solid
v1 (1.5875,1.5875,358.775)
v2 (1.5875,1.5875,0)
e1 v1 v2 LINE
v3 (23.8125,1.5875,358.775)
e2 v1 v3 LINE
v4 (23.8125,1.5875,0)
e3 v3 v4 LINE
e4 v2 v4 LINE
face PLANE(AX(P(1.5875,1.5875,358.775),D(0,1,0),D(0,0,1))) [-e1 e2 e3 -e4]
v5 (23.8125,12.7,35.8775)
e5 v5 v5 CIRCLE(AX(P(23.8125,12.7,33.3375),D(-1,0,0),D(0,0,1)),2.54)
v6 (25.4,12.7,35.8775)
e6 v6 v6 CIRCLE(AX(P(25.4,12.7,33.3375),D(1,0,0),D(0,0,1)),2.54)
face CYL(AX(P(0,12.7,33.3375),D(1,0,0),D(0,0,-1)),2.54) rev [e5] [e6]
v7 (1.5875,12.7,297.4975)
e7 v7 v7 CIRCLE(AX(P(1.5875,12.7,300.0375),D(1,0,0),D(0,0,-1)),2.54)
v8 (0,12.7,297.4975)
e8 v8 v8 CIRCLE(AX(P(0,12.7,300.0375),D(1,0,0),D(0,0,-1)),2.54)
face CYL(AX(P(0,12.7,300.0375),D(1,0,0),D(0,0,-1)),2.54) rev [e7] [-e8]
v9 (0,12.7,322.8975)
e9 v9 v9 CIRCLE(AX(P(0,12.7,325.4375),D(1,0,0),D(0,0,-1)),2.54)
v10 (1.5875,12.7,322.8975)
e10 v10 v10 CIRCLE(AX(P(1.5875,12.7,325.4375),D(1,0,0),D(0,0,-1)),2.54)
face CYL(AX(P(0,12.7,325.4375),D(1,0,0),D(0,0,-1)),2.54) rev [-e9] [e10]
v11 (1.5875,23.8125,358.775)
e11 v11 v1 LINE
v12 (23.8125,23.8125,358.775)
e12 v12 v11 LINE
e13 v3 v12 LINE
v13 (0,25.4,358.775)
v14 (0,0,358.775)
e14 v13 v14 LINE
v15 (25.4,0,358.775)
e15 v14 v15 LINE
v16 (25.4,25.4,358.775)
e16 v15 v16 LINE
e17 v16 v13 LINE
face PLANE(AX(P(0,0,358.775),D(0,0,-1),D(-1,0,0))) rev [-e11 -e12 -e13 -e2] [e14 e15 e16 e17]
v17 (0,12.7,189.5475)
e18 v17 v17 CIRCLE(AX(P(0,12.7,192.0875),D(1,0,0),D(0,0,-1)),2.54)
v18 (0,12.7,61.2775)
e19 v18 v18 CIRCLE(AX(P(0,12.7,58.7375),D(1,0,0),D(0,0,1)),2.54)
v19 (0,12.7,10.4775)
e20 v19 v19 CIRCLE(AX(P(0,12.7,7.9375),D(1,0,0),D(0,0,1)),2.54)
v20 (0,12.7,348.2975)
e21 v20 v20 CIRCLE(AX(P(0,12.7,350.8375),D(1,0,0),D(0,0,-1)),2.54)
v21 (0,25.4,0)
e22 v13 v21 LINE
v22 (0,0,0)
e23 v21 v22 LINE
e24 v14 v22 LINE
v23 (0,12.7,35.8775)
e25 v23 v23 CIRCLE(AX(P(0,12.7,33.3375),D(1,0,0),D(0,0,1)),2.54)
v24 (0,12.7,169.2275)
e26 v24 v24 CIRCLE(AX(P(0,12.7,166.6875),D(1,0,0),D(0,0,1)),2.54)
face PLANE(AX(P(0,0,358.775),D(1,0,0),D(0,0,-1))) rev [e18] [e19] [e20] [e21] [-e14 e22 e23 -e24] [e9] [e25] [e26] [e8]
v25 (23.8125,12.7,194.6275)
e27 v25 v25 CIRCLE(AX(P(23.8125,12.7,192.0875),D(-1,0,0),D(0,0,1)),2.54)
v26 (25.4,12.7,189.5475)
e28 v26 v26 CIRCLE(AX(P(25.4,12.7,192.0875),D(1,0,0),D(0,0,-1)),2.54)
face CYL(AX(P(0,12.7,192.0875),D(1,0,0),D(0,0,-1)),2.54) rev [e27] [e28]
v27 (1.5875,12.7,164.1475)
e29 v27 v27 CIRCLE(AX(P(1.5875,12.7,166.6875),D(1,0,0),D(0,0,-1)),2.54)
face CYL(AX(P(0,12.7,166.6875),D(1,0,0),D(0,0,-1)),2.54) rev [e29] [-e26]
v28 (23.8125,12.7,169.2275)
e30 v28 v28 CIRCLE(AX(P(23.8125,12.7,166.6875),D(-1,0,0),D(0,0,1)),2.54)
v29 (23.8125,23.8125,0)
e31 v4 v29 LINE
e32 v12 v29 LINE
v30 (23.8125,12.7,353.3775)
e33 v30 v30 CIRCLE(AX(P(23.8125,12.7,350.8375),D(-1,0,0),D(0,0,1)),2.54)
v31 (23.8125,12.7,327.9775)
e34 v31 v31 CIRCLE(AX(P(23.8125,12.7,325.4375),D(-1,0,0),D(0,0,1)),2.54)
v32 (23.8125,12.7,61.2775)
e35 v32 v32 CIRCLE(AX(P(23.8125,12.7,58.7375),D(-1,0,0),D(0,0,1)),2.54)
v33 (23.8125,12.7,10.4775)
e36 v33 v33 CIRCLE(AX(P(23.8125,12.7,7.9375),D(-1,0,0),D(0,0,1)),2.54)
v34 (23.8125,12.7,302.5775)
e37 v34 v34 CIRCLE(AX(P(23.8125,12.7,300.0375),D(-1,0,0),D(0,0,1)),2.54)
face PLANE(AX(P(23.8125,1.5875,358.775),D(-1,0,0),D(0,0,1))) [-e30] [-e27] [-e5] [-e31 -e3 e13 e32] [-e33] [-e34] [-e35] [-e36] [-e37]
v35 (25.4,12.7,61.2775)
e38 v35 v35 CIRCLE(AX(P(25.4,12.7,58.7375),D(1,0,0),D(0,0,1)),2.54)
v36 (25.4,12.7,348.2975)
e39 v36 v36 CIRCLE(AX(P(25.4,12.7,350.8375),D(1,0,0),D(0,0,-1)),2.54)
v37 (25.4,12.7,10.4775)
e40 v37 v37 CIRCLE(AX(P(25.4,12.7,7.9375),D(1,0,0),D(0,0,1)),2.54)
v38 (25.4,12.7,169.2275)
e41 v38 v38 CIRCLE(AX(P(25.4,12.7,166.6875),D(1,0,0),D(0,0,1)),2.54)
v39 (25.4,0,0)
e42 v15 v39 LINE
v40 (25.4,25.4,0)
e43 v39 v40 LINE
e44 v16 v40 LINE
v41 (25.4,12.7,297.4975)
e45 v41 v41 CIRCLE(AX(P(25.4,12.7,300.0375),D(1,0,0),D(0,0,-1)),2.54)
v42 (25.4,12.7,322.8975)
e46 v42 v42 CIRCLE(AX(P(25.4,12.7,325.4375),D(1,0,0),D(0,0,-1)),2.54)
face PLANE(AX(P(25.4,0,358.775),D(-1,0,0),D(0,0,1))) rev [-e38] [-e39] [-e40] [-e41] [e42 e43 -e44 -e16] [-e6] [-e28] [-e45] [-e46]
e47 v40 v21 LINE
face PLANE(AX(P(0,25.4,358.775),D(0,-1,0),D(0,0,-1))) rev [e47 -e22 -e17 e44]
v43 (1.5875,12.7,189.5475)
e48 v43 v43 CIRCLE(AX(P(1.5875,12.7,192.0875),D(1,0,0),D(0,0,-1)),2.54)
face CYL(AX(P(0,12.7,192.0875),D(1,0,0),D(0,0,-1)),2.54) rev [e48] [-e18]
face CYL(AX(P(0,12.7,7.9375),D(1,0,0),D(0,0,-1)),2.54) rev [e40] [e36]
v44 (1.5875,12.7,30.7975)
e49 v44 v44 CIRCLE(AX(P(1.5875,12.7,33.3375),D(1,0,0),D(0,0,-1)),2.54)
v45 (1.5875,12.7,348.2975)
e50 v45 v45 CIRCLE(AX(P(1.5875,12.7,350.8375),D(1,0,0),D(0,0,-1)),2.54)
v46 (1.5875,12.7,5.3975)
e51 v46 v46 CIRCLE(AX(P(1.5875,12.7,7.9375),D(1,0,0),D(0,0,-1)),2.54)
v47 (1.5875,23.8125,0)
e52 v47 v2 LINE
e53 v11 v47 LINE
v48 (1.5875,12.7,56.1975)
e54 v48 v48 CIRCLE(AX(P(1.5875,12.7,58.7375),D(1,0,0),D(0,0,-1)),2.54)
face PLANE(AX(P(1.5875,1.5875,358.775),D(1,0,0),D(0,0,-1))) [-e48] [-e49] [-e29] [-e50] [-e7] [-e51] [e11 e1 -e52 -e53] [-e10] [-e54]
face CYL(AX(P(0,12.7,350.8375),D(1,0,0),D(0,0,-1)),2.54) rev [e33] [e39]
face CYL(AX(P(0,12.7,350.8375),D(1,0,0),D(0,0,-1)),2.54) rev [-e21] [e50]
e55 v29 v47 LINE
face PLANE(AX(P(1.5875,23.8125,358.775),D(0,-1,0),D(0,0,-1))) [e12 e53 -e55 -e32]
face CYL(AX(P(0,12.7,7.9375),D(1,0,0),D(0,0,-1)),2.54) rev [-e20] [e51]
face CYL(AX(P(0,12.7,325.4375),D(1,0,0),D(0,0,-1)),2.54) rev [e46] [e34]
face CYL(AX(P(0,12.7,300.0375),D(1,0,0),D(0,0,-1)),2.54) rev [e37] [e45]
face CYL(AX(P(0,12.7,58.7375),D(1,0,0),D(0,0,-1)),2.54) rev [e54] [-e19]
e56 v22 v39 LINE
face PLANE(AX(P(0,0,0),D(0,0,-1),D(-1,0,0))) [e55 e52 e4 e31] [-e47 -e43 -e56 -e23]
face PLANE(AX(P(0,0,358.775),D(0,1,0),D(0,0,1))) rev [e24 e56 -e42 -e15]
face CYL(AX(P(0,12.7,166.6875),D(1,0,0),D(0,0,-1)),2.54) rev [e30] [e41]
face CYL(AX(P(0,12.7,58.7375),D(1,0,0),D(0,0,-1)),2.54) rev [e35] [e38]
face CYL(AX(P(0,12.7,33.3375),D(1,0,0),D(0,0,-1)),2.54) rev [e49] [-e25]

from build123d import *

# Parameters (mm, degrees)
SKETCH1_W           = 25.4
SKETCH1_H           = 25.4
SKETCH1_W_2         = 22.225
SKETCH1_H_2         = 22.225
BOSS_EXTRUDE1_DEPTH = 358.775
SKETCH4_R           = 2.54
CUT_EXTRUDE3_DEPTH  = 361.568746046


with BuildPart() as part:
    # Sketch1 → Boss-Extrude1 (new body)
    with BuildSketch(Plane.XY):
        with Locations((12.7, 12.7)):
            Rectangle(SKETCH1_W, SKETCH1_H)
        with Locations((12.7, 12.7)):
            Rectangle(SKETCH1_W_2, SKETCH1_H_2, mode=Mode.SUBTRACT)
    extrude(amount=BOSS_EXTRUDE1_DEPTH)

    # Sketch4 → Cut-Extrude3 (cut, through all)
    with BuildSketch(Plane(origin=(25.4, 0, 0), x_dir=(0, 0, -1), z_dir=(1, 0, 0))):
        with Locations((-350.8375, 12.7)):
            Circle(SKETCH4_R)
        with Locations((-325.4375, 12.7)):
            Circle(SKETCH4_R)
        with Locations((-300.0375, 12.7)):
            Circle(SKETCH4_R)
        with Locations(Location((-58.7375, 12.7, 0), (0, 0, 180))):
            Circle(SKETCH4_R)
        with Locations(Location((-33.3375, 12.7, 0), (0, 0, 180))):
            Circle(SKETCH4_R)
        with Locations(Location((-7.9375, 12.7, 0), (0, 0, 180))):
            Circle(SKETCH4_R)
        with Locations((-192.0875, 12.7)):
            Circle(SKETCH4_R)
        with Locations(Location((-166.6875, 12.7, 0), (0, 0, 180))):
            Circle(SKETCH4_R)
    extrude(amount=-CUT_EXTRUDE3_DEPTH, mode=Mode.SUBTRACT)


solid = part.part
